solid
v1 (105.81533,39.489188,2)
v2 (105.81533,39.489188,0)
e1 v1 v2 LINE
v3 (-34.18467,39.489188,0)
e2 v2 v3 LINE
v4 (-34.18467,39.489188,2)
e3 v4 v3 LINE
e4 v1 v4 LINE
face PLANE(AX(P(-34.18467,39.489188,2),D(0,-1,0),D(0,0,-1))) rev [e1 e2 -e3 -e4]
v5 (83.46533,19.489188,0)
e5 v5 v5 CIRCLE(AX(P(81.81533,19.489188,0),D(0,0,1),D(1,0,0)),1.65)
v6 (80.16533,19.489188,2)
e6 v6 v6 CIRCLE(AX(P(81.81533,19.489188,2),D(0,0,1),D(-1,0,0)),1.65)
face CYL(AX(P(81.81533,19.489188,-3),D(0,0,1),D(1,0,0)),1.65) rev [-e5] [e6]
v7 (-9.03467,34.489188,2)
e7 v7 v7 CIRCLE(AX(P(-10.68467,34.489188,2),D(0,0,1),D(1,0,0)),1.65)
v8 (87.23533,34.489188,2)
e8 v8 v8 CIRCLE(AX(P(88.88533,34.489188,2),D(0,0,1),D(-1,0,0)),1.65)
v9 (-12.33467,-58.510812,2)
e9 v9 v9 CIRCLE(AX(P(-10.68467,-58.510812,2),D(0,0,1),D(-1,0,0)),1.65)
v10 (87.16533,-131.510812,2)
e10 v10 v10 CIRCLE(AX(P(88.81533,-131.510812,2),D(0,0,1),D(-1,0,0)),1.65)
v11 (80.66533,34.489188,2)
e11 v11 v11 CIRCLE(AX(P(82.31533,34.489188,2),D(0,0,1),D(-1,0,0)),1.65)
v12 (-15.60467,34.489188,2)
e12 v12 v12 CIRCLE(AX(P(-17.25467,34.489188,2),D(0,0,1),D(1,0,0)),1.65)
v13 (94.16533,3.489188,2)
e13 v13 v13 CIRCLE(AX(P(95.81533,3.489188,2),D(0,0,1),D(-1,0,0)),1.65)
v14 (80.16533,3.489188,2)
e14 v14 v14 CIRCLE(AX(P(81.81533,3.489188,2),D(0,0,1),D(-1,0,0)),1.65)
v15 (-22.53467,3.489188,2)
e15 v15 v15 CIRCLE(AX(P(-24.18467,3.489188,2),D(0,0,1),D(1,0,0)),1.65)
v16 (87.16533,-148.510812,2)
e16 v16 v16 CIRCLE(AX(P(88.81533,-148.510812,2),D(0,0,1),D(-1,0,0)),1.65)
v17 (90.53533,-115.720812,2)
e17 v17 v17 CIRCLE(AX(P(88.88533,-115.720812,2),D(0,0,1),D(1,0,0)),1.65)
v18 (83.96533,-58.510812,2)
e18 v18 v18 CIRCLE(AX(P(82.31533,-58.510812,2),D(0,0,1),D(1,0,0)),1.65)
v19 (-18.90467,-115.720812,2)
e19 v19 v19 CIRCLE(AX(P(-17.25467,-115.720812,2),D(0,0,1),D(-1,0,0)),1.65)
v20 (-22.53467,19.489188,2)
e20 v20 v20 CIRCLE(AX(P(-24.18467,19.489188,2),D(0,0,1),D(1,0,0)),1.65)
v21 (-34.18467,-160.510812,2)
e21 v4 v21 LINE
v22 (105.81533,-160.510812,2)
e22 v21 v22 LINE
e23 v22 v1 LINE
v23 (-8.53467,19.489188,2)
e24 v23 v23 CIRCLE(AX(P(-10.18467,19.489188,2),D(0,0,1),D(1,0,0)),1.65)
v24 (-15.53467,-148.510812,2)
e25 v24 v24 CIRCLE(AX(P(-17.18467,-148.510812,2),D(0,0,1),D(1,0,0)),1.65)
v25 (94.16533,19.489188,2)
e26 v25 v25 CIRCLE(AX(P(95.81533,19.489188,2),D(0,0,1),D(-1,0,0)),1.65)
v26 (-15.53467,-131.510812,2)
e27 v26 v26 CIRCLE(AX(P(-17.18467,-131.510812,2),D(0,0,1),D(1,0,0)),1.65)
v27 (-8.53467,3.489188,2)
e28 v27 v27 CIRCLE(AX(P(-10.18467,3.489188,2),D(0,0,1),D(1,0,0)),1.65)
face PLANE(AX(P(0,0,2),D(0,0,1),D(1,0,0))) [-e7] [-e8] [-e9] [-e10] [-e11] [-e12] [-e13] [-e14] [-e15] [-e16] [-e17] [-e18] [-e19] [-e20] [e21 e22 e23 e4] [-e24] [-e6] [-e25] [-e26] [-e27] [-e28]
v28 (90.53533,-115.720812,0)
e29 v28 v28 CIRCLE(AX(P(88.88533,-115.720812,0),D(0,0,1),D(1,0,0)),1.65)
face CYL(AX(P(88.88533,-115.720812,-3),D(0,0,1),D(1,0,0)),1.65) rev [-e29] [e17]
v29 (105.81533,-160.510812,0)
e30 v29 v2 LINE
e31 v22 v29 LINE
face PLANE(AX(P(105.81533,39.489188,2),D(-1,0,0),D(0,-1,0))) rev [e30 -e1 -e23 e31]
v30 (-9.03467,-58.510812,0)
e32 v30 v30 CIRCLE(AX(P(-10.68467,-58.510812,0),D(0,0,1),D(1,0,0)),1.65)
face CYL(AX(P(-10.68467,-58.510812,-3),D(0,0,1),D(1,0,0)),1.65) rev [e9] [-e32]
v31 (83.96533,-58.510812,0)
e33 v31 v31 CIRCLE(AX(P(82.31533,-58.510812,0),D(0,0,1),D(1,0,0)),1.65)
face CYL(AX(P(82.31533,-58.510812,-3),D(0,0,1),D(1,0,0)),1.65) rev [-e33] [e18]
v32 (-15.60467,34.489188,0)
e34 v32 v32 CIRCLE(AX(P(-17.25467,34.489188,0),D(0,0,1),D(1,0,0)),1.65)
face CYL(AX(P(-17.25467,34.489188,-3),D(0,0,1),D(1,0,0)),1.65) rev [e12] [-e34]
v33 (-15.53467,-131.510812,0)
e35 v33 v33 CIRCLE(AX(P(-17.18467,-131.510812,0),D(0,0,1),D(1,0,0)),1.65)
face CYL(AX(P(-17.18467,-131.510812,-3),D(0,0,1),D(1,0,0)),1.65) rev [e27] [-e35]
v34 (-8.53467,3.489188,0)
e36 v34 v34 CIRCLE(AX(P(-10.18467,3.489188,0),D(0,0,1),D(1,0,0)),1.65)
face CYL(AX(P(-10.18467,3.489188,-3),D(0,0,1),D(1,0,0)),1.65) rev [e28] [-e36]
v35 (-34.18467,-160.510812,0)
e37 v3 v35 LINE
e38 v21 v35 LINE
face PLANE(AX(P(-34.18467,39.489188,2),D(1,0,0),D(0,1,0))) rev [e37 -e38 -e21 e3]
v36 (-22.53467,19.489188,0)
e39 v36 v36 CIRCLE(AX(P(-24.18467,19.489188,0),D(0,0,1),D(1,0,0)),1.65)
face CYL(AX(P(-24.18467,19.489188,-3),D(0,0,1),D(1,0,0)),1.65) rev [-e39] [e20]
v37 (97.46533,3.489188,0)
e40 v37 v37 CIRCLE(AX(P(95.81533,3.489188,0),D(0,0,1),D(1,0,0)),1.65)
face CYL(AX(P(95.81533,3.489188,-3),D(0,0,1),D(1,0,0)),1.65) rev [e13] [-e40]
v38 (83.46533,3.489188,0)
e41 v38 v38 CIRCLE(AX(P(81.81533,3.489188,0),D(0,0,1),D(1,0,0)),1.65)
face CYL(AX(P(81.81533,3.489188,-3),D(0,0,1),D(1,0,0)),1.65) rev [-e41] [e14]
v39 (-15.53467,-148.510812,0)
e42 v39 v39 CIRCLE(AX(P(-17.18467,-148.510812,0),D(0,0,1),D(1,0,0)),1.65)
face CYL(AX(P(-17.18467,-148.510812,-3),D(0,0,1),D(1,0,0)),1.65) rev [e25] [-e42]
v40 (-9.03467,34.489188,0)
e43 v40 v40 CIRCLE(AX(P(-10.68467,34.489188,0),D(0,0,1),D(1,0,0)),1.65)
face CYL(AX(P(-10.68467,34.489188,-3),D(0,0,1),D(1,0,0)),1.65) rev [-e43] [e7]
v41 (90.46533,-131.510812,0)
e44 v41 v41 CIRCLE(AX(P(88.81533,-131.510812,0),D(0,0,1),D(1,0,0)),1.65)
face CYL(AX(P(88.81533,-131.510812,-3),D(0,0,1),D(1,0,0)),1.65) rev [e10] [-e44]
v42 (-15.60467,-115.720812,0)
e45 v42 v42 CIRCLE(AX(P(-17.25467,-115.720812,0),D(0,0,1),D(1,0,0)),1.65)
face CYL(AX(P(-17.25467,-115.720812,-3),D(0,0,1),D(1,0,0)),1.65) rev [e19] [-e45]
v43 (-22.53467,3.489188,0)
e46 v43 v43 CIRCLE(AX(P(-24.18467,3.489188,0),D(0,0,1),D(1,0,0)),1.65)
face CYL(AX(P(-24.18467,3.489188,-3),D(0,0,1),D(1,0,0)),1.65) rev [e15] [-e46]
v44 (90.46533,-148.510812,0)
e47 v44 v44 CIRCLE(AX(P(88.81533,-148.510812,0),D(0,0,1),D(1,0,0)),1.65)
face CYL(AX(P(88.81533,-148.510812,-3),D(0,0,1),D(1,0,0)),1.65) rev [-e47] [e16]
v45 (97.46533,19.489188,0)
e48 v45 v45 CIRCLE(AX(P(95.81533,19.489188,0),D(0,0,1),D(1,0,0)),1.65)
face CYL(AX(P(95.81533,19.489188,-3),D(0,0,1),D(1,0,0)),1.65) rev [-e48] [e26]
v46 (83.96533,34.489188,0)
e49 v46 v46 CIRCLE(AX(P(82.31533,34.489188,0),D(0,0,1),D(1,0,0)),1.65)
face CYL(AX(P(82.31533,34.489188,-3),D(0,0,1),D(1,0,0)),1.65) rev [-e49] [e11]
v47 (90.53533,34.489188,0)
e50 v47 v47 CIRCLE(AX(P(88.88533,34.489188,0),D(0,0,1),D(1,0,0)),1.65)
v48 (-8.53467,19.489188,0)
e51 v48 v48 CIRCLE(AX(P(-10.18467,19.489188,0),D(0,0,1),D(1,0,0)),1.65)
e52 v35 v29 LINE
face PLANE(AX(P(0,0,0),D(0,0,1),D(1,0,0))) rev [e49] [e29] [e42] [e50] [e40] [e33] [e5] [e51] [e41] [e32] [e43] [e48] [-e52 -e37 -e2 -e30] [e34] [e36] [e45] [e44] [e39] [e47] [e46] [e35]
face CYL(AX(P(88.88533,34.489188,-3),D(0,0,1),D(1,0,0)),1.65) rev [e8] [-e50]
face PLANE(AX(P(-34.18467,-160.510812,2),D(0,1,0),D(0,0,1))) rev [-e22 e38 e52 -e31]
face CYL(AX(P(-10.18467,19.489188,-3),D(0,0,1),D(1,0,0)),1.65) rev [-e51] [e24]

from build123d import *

# Parameters (mm, degrees)
SKETCH_1_W          = 140
SKETCH_1_H          = 200
EXTRUDE_1_DEPTH     = 2
SKETCH_3_R          = 1.65
CUT_EXTRUDE_1_DEPTH = 5


with BuildPart() as part:
    # 草图1 → 凸台-拉伸1 (new body)
    with BuildSketch(Plane.XY):
        with Locations((35.815329949, -60.510812183)):
            Rectangle(SKETCH_1_W, SKETCH_1_H)
    extrude(amount=EXTRUDE_1_DEPTH)

    # 草图3 → 切除-拉伸1 (cut)
    with BuildSketch(Plane.XY.offset(2)):
        with Locations((-10.684670051, 34.489187817)):
            Circle(SKETCH_3_R)
        with Locations((82.315329949, 34.489187817)):
            Circle(SKETCH_3_R)
        with Locations((82.315329949, -58.510812183)):
            Circle(SKETCH_3_R)
        with Locations((-10.684670051, -58.510812183)):
            Circle(SKETCH_3_R)
        with Locations((-24.184670051, 19.489187817)):
            Circle(SKETCH_3_R)
        with Locations((-10.184670051, 19.489187817)):
            Circle(SKETCH_3_R)
        with Locations((-24.184670051, 3.489187817)):
            Circle(SKETCH_3_R)
        with Locations((-10.184670051, 3.489187817)):
            Circle(SKETCH_3_R)
        with Locations((81.815329949, 3.489187817)):
            Circle(SKETCH_3_R)
        with Locations((95.815329949, 3.489187817)):
            Circle(SKETCH_3_R)
        with Locations((81.815329949, 19.489187817)):
            Circle(SKETCH_3_R)
        with Locations((95.815329949, 19.489187817)):
            Circle(SKETCH_3_R)
        with Locations((-17.184670051, -131.510812183)):
            Circle(SKETCH_3_R)
        with Locations((-17.184670051, -148.510812183)):
            Circle(SKETCH_3_R)
        with Locations((88.815329949, -148.510812183)):
            Circle(SKETCH_3_R)
        with Locations((88.815329949, -131.510812183)):
            Circle(SKETCH_3_R)
        with Locations((-17.254670051, 34.489187817)):
            Circle(SKETCH_3_R)
        with Locations((88.885329949, 34.489187817)):
            Circle(SKETCH_3_R)
        with Locations((88.885329949, -115.720812183)):
            Circle(SKETCH_3_R)
        with Locations((-17.254670051, -115.720812183)):
            Circle(SKETCH_3_R)
    extrude(amount=-CUT_EXTRUDE_1_DEPTH, mode=Mode.SUBTRACT)


solid = part.part
